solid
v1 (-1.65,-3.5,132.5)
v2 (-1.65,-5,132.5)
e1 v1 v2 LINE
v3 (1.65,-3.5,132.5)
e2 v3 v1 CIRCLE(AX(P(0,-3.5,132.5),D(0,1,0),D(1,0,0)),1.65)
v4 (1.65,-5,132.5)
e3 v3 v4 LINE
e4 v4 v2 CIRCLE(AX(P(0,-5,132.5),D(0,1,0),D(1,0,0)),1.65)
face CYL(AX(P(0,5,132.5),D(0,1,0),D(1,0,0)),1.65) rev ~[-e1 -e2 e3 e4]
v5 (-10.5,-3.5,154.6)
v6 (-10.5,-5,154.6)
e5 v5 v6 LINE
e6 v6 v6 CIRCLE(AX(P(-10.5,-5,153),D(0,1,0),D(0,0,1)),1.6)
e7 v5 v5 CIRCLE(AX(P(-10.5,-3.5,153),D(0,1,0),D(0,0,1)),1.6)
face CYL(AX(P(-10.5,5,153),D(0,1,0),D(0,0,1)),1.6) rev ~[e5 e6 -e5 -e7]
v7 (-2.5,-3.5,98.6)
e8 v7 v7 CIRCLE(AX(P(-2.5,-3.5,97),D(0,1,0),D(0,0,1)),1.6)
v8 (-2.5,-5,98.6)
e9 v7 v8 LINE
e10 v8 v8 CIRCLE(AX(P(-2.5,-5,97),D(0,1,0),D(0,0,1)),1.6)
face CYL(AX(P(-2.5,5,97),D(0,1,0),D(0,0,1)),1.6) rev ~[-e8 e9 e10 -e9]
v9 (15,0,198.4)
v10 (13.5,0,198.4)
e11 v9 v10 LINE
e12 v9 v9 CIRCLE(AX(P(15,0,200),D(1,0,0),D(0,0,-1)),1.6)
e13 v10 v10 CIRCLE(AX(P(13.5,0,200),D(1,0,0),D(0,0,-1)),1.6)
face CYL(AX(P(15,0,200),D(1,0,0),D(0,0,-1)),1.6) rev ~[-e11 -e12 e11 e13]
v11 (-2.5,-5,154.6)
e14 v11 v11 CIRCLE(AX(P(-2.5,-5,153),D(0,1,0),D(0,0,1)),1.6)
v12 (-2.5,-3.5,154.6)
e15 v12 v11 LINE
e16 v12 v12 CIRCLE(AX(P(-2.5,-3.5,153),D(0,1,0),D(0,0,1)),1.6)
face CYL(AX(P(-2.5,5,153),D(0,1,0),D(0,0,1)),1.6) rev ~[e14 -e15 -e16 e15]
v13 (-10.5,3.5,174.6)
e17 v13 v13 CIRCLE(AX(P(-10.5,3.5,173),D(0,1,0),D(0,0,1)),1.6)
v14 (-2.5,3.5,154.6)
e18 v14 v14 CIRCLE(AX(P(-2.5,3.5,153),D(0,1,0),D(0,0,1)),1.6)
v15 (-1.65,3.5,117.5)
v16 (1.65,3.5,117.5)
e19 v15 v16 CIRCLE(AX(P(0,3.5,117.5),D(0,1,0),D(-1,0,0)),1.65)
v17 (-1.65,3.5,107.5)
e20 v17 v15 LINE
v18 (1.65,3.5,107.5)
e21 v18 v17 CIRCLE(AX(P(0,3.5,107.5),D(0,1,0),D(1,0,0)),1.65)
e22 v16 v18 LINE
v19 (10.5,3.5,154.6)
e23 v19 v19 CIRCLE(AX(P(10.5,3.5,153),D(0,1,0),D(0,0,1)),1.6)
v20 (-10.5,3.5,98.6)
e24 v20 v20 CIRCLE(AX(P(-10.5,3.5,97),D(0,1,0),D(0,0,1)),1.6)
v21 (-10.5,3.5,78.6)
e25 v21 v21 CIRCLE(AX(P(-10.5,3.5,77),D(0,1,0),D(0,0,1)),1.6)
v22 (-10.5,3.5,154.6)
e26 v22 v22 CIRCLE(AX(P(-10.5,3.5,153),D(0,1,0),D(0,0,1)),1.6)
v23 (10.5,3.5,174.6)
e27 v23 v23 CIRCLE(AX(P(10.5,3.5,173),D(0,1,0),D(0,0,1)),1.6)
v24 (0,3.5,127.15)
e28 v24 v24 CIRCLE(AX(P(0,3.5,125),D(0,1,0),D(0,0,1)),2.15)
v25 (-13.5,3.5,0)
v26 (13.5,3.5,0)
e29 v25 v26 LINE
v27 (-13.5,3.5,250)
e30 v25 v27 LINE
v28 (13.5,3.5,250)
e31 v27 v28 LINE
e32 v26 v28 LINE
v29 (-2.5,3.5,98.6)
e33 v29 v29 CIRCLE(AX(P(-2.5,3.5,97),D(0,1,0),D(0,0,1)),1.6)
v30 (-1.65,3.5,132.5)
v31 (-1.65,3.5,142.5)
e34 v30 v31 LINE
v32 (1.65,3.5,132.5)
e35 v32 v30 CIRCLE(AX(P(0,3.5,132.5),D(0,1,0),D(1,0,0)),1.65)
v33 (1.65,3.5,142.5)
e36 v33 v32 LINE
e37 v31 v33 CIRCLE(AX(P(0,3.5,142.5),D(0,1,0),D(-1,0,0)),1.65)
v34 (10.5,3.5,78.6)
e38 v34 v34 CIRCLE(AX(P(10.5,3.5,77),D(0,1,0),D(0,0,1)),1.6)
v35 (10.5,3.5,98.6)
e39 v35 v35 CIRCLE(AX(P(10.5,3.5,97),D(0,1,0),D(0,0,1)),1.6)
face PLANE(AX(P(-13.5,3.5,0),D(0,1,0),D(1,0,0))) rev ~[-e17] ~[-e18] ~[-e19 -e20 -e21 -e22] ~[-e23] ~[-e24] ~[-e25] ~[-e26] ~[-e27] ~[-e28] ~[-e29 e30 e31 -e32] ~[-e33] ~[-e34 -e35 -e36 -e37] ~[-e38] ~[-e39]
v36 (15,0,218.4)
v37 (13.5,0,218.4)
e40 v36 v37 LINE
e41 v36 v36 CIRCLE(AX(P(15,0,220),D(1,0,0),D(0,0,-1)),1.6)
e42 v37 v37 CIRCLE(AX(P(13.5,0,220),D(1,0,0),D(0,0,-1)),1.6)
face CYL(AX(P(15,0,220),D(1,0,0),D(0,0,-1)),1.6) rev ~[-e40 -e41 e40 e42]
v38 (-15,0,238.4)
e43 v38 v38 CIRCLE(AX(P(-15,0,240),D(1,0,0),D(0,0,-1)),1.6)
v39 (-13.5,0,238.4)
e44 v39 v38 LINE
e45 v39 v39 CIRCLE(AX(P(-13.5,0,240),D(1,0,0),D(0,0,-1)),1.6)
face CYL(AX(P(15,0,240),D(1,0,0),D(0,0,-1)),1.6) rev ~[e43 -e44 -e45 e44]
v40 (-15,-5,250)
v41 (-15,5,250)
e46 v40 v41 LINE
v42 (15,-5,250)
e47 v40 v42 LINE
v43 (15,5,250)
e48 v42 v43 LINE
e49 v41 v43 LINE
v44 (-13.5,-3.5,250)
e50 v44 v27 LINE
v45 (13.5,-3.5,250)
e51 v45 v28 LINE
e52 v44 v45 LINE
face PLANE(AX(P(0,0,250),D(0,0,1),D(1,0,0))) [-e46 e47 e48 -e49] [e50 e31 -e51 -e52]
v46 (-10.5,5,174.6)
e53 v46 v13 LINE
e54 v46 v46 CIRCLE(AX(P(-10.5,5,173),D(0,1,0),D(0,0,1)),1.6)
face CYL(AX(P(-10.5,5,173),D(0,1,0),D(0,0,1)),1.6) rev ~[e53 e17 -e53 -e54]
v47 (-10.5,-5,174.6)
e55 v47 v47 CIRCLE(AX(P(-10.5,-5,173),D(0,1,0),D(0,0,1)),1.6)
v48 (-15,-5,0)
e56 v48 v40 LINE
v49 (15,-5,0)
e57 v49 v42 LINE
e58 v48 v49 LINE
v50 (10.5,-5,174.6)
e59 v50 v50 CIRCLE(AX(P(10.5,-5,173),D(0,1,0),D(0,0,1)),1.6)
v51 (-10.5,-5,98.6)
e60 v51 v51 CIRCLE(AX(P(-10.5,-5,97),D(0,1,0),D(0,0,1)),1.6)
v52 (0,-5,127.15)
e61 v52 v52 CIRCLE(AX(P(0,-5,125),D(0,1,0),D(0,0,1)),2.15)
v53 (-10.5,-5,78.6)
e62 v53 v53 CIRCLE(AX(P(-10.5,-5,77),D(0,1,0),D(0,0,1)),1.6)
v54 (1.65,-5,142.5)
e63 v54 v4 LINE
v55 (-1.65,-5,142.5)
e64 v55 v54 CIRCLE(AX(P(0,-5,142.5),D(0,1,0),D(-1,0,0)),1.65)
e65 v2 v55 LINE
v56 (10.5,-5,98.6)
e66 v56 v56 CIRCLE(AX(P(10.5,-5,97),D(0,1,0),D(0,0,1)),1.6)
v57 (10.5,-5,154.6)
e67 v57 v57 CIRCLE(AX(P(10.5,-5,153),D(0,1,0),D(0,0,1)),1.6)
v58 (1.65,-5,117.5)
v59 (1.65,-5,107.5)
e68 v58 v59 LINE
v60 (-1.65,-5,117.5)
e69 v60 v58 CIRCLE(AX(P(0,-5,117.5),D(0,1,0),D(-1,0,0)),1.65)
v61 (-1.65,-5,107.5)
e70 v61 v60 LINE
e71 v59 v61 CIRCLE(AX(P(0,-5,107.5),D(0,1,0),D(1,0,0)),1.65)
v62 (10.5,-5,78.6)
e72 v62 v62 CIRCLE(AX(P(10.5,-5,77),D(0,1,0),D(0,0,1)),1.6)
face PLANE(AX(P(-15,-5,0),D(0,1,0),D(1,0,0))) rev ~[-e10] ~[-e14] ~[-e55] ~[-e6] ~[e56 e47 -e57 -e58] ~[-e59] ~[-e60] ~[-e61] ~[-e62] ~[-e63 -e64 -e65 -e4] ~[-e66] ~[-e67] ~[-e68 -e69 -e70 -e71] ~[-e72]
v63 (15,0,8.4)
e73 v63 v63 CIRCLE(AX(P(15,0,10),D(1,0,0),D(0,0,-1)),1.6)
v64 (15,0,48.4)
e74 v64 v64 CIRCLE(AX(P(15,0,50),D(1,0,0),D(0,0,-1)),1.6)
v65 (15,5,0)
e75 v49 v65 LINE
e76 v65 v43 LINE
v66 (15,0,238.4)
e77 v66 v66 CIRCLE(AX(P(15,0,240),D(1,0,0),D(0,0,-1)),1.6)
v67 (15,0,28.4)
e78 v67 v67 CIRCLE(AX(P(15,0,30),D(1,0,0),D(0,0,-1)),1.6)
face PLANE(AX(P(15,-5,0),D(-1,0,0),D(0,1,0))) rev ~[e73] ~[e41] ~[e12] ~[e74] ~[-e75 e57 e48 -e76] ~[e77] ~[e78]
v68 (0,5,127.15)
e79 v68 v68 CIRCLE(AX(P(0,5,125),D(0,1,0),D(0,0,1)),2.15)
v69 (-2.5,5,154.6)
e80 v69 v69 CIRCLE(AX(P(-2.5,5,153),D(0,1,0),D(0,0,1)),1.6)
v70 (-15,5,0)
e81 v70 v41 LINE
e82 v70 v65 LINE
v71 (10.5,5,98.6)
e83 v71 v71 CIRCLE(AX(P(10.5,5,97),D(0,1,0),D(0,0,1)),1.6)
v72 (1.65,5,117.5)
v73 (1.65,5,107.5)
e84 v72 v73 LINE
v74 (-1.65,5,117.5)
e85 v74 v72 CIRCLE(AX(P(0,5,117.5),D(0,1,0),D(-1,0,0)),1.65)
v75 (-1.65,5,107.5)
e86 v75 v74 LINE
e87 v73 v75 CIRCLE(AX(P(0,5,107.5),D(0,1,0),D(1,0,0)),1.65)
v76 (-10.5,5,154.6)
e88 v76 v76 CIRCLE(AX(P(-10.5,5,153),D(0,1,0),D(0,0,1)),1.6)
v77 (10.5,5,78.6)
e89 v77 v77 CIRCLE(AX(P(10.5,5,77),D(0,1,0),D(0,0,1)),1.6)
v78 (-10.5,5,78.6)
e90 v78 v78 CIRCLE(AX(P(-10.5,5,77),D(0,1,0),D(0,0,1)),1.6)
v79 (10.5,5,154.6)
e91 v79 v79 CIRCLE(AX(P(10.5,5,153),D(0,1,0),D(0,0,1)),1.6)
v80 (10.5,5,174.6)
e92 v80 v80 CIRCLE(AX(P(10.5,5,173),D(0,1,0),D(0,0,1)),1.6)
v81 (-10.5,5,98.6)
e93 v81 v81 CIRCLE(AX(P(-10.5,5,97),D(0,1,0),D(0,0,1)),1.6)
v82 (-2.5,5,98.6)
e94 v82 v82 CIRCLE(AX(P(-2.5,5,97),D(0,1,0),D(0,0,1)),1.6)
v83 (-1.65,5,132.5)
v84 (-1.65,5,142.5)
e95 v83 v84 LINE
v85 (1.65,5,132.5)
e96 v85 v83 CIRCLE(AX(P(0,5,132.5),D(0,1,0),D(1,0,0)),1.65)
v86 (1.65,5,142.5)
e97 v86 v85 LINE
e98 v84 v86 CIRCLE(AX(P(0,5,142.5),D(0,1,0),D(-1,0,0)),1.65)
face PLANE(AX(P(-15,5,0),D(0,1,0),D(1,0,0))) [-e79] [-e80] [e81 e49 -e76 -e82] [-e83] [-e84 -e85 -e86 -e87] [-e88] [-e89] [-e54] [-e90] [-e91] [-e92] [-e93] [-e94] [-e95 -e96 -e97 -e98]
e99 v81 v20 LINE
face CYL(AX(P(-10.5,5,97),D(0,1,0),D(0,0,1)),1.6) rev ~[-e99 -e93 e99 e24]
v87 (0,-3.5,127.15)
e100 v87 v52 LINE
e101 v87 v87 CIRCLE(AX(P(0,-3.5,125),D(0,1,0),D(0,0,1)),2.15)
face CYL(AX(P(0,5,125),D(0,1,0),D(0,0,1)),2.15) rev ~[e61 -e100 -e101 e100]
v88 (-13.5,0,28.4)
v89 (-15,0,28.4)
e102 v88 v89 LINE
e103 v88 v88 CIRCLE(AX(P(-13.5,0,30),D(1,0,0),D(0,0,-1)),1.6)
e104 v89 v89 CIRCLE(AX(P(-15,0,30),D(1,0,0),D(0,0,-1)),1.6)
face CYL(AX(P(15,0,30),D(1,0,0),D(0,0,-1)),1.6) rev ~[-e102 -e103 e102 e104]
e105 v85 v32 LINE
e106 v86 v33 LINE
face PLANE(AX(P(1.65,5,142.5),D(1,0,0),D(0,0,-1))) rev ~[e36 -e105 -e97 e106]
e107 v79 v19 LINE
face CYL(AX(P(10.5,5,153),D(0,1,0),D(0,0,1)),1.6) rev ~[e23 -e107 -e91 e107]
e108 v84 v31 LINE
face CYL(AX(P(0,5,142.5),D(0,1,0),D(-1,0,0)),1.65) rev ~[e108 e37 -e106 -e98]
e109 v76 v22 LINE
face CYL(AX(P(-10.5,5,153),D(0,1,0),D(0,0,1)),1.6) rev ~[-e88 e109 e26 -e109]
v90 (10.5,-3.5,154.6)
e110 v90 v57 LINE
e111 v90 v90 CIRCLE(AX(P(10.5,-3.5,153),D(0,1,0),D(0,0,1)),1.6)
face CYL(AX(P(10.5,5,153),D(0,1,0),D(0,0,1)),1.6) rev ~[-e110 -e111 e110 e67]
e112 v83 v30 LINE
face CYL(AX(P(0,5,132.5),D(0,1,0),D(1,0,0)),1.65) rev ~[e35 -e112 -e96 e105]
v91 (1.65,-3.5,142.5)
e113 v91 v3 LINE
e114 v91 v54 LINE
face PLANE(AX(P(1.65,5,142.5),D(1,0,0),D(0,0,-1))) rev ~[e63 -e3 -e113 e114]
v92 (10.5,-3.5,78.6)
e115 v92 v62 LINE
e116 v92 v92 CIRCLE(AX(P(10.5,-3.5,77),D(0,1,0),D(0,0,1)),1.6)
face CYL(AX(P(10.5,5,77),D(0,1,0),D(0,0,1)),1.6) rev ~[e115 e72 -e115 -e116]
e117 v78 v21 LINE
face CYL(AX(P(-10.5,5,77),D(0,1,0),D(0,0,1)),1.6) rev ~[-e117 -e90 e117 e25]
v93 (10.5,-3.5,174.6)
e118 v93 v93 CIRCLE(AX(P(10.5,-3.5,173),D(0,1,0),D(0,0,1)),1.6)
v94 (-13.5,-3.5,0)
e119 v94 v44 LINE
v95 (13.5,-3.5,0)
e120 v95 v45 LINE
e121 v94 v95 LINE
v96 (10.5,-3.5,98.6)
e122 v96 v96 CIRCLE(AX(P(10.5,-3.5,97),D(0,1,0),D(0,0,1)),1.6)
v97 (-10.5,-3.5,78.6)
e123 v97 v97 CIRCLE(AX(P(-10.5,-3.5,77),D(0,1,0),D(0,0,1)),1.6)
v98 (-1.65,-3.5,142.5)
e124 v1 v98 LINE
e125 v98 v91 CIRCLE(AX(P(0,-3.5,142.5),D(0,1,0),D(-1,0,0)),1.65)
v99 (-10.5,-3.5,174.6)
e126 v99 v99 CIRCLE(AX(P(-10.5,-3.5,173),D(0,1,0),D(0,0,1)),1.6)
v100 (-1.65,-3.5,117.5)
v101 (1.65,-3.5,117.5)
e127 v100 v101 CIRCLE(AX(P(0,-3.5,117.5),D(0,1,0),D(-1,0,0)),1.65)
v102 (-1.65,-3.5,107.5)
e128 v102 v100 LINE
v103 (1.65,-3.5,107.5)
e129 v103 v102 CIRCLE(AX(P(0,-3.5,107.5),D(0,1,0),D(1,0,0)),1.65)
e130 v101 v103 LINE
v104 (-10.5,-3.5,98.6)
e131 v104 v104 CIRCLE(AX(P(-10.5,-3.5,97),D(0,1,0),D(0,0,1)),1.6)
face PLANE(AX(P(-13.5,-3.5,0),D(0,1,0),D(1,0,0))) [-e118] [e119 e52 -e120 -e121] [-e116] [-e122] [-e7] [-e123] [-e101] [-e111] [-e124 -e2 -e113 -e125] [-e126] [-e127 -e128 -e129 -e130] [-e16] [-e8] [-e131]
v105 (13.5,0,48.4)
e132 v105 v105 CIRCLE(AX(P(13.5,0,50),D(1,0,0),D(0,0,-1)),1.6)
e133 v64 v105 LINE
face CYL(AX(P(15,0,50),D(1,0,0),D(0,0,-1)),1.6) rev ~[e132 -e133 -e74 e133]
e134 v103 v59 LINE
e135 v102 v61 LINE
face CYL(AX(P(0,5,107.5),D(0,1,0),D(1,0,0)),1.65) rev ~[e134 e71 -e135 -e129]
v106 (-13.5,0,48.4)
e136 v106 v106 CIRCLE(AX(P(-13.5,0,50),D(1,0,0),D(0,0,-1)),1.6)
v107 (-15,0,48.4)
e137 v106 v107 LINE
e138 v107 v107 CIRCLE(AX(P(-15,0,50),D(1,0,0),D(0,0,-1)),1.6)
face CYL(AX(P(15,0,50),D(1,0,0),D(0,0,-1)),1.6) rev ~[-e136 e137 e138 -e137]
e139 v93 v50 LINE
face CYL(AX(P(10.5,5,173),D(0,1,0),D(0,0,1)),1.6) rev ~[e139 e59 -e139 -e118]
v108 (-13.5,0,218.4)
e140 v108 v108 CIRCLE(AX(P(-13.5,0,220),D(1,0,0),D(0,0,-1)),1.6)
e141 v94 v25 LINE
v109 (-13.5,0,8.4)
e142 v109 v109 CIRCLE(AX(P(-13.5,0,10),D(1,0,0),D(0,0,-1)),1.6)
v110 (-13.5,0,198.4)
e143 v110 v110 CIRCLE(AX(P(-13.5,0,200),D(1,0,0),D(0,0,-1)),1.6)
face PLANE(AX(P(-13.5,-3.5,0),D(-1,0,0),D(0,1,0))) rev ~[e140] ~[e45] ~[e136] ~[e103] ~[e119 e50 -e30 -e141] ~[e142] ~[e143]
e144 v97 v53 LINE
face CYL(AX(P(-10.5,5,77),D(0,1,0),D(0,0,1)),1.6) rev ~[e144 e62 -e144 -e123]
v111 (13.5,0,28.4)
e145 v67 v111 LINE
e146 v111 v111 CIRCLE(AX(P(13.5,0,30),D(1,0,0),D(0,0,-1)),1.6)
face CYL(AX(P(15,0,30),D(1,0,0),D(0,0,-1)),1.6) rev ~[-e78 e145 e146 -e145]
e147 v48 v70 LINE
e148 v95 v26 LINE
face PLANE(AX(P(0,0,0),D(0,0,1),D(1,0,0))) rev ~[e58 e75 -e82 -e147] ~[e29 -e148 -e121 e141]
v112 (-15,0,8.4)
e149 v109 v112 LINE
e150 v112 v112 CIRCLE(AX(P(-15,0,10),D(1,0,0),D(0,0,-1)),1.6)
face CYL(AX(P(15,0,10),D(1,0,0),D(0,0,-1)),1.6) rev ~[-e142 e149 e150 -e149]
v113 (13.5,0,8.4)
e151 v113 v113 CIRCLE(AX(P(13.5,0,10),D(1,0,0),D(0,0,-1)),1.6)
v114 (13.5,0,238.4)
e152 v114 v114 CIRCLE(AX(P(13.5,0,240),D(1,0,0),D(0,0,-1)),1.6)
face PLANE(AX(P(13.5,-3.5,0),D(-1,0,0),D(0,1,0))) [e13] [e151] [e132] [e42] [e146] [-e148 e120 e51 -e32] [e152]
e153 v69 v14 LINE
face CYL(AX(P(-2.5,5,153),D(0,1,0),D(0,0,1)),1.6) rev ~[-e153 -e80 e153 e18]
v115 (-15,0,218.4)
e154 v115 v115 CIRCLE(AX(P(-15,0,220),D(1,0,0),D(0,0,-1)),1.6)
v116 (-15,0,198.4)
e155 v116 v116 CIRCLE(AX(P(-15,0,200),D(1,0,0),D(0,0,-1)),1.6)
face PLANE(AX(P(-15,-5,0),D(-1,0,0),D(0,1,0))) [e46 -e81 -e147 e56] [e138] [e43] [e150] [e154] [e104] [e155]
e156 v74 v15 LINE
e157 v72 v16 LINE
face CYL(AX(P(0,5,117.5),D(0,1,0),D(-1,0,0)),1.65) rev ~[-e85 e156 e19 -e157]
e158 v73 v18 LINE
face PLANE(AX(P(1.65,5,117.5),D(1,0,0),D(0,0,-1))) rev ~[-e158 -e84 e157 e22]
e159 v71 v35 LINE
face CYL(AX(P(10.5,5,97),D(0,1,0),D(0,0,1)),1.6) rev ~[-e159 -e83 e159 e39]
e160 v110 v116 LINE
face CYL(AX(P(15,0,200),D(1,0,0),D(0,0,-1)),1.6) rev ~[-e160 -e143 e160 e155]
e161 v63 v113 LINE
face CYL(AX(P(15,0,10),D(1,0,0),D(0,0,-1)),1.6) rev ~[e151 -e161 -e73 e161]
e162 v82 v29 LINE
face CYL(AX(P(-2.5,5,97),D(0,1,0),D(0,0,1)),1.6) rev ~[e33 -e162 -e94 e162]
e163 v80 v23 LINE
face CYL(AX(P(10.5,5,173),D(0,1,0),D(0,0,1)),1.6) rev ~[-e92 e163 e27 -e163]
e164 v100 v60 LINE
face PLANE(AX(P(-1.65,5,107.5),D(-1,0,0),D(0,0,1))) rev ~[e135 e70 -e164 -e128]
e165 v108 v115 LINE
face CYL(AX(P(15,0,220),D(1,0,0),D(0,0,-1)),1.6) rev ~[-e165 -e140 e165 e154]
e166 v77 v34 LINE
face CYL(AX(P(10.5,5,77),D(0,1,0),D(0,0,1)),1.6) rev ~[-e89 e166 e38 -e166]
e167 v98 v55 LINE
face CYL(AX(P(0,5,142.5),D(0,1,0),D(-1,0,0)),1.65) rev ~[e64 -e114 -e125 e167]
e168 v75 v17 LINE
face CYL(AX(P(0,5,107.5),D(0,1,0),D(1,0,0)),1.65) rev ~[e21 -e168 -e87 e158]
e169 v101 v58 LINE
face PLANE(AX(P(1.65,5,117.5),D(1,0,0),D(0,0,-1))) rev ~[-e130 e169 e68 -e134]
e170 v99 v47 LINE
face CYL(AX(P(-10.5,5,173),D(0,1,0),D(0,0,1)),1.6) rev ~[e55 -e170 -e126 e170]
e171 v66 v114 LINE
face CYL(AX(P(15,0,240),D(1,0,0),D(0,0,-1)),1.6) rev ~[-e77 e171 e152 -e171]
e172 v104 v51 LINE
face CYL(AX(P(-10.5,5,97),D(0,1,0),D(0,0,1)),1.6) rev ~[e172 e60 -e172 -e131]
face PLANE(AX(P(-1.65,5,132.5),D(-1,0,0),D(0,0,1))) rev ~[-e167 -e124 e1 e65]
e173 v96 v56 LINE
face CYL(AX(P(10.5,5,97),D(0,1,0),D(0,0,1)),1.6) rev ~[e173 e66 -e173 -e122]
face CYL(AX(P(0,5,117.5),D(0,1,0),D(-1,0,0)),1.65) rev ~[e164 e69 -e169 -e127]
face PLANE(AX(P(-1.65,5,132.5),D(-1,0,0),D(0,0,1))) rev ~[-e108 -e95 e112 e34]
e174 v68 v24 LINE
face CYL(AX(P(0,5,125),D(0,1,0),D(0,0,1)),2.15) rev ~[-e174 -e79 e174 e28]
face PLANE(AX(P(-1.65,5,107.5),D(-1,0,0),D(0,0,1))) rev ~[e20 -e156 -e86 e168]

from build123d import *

# Parameters (mm, degrees)
SKETCH_1_W          = 30
SKETCH_1_H          = 10
SKETCH_1_W_2        = 27
SKETCH_1_H_2        = 7
EXTRUDE_1_DEPTH     = 250
SKETCH_2_R          = 1.6
CUT_EXTRUDE_1_DEPTH = 252.843205189
SKETCH_3_R          = 1.6
CUT_EXTRUDE_2_DEPTH = 251.64915719
SKETCH_4_R          = 2.15
CUT_EXTRUDE_3_DEPTH = 251.64915719


with BuildPart() as part:
    # 草图1 → 凸台-拉伸1 (new body)
    with BuildSketch(Plane.XY):
        Rectangle(SKETCH_1_W, SKETCH_1_H)
        Rectangle(SKETCH_1_W_2, SKETCH_1_H_2, mode=Mode.SUBTRACT)
    extrude(amount=EXTRUDE_1_DEPTH)

    # 草图2 → 切除-拉伸1 (cut, through all)
    with BuildSketch(Plane(origin=(15, 0, 0), x_dir=(0, 0, -1), z_dir=(1, 0, 0))):
        with Locations((-240, 0)):
            Circle(SKETCH_2_R)
        with Locations((-220, 0)):
            Circle(SKETCH_2_R)
        with Locations((-200, 0)):
            Circle(SKETCH_2_R)
        with Locations((-50, 0)):
            Circle(SKETCH_2_R)
        with Locations((-30, 0)):
            Circle(SKETCH_2_R)
        with Locations((-10, 0)):
            Circle(SKETCH_2_R)
    extrude(amount=-CUT_EXTRUDE_1_DEPTH, mode=Mode.SUBTRACT)

    # 草图3 → 切除-拉伸2 (cut, through all)
    with BuildSketch(Plane(origin=(0, 5, 0), x_dir=(1, 0, 0), z_dir=(0, 1, 0))):
        with Locations(Location((-2.5, -97, 0), (0, 0, 270))):
            Circle(SKETCH_3_R)
        with Locations(Location((10.5, -97, 0), (0, 0, 270))):
            Circle(SKETCH_3_R)
        with Locations(Location((-2.5, -153, 0), (0, 0, 270))):
            Circle(SKETCH_3_R)
        with Locations(Location((10.5, -153, 0), (0, 0, 270))):
            Circle(SKETCH_3_R)
        with Locations(Location((10.5, -173, 0), (0, 0, 270))):
            Circle(SKETCH_3_R)
        with Locations(Location((10.5, -77, 0), (0, 0, 270))):
            Circle(SKETCH_3_R)
        with Locations(Location((-10.5, -173, 0), (0, 0, 270))):
            Circle(SKETCH_3_R)
        with Locations(Location((-10.5, -153, 0), (0, 0, 270))):
            Circle(SKETCH_3_R)
        with Locations(Location((-10.5, -77, 0), (0, 0, 270))):
            Circle(SKETCH_3_R)
        with Locations(Location((-10.5, -97, 0), (0, 0, 270))):
            Circle(SKETCH_3_R)
    extrude(amount=-CUT_EXTRUDE_2_DEPTH, mode=Mode.SUBTRACT)

    # 草图4 → 切除-拉伸3 (cut, through all)
    with BuildSketch(Plane(origin=(0, 5, 0), x_dir=(1, 0, 0), z_dir=(0, 1, 0))):
        with Locations(Location((0, -125, 0), (0, 0, 270))):
            Circle(SKETCH_4_R)
        with BuildLine():
            Line((-1.65, -107.5), (-1.65, -117.5))
            ThreePointArc((-1.65, -117.5), (0, -119.15), (1.65, -117.5))
            Line((1.65, -117.5), (1.65, -107.5))
            ThreePointArc((1.65, -107.5), (0, -105.85), (-1.65, -107.5))
        make_face()
        with BuildLine():
            Line((1.65, -142.5), (1.65, -132.5))
            ThreePointArc((1.65, -132.5), (0, -130.85), (-1.65, -132.5))
            Line((-1.65, -132.5), (-1.65, -142.5))
            ThreePointArc((-1.65, -142.5), (0, -144.15), (1.65, -142.5))
        make_face()
    extrude(amount=-CUT_EXTRUDE_3_DEPTH, mode=Mode.SUBTRACT)


solid = part.part
